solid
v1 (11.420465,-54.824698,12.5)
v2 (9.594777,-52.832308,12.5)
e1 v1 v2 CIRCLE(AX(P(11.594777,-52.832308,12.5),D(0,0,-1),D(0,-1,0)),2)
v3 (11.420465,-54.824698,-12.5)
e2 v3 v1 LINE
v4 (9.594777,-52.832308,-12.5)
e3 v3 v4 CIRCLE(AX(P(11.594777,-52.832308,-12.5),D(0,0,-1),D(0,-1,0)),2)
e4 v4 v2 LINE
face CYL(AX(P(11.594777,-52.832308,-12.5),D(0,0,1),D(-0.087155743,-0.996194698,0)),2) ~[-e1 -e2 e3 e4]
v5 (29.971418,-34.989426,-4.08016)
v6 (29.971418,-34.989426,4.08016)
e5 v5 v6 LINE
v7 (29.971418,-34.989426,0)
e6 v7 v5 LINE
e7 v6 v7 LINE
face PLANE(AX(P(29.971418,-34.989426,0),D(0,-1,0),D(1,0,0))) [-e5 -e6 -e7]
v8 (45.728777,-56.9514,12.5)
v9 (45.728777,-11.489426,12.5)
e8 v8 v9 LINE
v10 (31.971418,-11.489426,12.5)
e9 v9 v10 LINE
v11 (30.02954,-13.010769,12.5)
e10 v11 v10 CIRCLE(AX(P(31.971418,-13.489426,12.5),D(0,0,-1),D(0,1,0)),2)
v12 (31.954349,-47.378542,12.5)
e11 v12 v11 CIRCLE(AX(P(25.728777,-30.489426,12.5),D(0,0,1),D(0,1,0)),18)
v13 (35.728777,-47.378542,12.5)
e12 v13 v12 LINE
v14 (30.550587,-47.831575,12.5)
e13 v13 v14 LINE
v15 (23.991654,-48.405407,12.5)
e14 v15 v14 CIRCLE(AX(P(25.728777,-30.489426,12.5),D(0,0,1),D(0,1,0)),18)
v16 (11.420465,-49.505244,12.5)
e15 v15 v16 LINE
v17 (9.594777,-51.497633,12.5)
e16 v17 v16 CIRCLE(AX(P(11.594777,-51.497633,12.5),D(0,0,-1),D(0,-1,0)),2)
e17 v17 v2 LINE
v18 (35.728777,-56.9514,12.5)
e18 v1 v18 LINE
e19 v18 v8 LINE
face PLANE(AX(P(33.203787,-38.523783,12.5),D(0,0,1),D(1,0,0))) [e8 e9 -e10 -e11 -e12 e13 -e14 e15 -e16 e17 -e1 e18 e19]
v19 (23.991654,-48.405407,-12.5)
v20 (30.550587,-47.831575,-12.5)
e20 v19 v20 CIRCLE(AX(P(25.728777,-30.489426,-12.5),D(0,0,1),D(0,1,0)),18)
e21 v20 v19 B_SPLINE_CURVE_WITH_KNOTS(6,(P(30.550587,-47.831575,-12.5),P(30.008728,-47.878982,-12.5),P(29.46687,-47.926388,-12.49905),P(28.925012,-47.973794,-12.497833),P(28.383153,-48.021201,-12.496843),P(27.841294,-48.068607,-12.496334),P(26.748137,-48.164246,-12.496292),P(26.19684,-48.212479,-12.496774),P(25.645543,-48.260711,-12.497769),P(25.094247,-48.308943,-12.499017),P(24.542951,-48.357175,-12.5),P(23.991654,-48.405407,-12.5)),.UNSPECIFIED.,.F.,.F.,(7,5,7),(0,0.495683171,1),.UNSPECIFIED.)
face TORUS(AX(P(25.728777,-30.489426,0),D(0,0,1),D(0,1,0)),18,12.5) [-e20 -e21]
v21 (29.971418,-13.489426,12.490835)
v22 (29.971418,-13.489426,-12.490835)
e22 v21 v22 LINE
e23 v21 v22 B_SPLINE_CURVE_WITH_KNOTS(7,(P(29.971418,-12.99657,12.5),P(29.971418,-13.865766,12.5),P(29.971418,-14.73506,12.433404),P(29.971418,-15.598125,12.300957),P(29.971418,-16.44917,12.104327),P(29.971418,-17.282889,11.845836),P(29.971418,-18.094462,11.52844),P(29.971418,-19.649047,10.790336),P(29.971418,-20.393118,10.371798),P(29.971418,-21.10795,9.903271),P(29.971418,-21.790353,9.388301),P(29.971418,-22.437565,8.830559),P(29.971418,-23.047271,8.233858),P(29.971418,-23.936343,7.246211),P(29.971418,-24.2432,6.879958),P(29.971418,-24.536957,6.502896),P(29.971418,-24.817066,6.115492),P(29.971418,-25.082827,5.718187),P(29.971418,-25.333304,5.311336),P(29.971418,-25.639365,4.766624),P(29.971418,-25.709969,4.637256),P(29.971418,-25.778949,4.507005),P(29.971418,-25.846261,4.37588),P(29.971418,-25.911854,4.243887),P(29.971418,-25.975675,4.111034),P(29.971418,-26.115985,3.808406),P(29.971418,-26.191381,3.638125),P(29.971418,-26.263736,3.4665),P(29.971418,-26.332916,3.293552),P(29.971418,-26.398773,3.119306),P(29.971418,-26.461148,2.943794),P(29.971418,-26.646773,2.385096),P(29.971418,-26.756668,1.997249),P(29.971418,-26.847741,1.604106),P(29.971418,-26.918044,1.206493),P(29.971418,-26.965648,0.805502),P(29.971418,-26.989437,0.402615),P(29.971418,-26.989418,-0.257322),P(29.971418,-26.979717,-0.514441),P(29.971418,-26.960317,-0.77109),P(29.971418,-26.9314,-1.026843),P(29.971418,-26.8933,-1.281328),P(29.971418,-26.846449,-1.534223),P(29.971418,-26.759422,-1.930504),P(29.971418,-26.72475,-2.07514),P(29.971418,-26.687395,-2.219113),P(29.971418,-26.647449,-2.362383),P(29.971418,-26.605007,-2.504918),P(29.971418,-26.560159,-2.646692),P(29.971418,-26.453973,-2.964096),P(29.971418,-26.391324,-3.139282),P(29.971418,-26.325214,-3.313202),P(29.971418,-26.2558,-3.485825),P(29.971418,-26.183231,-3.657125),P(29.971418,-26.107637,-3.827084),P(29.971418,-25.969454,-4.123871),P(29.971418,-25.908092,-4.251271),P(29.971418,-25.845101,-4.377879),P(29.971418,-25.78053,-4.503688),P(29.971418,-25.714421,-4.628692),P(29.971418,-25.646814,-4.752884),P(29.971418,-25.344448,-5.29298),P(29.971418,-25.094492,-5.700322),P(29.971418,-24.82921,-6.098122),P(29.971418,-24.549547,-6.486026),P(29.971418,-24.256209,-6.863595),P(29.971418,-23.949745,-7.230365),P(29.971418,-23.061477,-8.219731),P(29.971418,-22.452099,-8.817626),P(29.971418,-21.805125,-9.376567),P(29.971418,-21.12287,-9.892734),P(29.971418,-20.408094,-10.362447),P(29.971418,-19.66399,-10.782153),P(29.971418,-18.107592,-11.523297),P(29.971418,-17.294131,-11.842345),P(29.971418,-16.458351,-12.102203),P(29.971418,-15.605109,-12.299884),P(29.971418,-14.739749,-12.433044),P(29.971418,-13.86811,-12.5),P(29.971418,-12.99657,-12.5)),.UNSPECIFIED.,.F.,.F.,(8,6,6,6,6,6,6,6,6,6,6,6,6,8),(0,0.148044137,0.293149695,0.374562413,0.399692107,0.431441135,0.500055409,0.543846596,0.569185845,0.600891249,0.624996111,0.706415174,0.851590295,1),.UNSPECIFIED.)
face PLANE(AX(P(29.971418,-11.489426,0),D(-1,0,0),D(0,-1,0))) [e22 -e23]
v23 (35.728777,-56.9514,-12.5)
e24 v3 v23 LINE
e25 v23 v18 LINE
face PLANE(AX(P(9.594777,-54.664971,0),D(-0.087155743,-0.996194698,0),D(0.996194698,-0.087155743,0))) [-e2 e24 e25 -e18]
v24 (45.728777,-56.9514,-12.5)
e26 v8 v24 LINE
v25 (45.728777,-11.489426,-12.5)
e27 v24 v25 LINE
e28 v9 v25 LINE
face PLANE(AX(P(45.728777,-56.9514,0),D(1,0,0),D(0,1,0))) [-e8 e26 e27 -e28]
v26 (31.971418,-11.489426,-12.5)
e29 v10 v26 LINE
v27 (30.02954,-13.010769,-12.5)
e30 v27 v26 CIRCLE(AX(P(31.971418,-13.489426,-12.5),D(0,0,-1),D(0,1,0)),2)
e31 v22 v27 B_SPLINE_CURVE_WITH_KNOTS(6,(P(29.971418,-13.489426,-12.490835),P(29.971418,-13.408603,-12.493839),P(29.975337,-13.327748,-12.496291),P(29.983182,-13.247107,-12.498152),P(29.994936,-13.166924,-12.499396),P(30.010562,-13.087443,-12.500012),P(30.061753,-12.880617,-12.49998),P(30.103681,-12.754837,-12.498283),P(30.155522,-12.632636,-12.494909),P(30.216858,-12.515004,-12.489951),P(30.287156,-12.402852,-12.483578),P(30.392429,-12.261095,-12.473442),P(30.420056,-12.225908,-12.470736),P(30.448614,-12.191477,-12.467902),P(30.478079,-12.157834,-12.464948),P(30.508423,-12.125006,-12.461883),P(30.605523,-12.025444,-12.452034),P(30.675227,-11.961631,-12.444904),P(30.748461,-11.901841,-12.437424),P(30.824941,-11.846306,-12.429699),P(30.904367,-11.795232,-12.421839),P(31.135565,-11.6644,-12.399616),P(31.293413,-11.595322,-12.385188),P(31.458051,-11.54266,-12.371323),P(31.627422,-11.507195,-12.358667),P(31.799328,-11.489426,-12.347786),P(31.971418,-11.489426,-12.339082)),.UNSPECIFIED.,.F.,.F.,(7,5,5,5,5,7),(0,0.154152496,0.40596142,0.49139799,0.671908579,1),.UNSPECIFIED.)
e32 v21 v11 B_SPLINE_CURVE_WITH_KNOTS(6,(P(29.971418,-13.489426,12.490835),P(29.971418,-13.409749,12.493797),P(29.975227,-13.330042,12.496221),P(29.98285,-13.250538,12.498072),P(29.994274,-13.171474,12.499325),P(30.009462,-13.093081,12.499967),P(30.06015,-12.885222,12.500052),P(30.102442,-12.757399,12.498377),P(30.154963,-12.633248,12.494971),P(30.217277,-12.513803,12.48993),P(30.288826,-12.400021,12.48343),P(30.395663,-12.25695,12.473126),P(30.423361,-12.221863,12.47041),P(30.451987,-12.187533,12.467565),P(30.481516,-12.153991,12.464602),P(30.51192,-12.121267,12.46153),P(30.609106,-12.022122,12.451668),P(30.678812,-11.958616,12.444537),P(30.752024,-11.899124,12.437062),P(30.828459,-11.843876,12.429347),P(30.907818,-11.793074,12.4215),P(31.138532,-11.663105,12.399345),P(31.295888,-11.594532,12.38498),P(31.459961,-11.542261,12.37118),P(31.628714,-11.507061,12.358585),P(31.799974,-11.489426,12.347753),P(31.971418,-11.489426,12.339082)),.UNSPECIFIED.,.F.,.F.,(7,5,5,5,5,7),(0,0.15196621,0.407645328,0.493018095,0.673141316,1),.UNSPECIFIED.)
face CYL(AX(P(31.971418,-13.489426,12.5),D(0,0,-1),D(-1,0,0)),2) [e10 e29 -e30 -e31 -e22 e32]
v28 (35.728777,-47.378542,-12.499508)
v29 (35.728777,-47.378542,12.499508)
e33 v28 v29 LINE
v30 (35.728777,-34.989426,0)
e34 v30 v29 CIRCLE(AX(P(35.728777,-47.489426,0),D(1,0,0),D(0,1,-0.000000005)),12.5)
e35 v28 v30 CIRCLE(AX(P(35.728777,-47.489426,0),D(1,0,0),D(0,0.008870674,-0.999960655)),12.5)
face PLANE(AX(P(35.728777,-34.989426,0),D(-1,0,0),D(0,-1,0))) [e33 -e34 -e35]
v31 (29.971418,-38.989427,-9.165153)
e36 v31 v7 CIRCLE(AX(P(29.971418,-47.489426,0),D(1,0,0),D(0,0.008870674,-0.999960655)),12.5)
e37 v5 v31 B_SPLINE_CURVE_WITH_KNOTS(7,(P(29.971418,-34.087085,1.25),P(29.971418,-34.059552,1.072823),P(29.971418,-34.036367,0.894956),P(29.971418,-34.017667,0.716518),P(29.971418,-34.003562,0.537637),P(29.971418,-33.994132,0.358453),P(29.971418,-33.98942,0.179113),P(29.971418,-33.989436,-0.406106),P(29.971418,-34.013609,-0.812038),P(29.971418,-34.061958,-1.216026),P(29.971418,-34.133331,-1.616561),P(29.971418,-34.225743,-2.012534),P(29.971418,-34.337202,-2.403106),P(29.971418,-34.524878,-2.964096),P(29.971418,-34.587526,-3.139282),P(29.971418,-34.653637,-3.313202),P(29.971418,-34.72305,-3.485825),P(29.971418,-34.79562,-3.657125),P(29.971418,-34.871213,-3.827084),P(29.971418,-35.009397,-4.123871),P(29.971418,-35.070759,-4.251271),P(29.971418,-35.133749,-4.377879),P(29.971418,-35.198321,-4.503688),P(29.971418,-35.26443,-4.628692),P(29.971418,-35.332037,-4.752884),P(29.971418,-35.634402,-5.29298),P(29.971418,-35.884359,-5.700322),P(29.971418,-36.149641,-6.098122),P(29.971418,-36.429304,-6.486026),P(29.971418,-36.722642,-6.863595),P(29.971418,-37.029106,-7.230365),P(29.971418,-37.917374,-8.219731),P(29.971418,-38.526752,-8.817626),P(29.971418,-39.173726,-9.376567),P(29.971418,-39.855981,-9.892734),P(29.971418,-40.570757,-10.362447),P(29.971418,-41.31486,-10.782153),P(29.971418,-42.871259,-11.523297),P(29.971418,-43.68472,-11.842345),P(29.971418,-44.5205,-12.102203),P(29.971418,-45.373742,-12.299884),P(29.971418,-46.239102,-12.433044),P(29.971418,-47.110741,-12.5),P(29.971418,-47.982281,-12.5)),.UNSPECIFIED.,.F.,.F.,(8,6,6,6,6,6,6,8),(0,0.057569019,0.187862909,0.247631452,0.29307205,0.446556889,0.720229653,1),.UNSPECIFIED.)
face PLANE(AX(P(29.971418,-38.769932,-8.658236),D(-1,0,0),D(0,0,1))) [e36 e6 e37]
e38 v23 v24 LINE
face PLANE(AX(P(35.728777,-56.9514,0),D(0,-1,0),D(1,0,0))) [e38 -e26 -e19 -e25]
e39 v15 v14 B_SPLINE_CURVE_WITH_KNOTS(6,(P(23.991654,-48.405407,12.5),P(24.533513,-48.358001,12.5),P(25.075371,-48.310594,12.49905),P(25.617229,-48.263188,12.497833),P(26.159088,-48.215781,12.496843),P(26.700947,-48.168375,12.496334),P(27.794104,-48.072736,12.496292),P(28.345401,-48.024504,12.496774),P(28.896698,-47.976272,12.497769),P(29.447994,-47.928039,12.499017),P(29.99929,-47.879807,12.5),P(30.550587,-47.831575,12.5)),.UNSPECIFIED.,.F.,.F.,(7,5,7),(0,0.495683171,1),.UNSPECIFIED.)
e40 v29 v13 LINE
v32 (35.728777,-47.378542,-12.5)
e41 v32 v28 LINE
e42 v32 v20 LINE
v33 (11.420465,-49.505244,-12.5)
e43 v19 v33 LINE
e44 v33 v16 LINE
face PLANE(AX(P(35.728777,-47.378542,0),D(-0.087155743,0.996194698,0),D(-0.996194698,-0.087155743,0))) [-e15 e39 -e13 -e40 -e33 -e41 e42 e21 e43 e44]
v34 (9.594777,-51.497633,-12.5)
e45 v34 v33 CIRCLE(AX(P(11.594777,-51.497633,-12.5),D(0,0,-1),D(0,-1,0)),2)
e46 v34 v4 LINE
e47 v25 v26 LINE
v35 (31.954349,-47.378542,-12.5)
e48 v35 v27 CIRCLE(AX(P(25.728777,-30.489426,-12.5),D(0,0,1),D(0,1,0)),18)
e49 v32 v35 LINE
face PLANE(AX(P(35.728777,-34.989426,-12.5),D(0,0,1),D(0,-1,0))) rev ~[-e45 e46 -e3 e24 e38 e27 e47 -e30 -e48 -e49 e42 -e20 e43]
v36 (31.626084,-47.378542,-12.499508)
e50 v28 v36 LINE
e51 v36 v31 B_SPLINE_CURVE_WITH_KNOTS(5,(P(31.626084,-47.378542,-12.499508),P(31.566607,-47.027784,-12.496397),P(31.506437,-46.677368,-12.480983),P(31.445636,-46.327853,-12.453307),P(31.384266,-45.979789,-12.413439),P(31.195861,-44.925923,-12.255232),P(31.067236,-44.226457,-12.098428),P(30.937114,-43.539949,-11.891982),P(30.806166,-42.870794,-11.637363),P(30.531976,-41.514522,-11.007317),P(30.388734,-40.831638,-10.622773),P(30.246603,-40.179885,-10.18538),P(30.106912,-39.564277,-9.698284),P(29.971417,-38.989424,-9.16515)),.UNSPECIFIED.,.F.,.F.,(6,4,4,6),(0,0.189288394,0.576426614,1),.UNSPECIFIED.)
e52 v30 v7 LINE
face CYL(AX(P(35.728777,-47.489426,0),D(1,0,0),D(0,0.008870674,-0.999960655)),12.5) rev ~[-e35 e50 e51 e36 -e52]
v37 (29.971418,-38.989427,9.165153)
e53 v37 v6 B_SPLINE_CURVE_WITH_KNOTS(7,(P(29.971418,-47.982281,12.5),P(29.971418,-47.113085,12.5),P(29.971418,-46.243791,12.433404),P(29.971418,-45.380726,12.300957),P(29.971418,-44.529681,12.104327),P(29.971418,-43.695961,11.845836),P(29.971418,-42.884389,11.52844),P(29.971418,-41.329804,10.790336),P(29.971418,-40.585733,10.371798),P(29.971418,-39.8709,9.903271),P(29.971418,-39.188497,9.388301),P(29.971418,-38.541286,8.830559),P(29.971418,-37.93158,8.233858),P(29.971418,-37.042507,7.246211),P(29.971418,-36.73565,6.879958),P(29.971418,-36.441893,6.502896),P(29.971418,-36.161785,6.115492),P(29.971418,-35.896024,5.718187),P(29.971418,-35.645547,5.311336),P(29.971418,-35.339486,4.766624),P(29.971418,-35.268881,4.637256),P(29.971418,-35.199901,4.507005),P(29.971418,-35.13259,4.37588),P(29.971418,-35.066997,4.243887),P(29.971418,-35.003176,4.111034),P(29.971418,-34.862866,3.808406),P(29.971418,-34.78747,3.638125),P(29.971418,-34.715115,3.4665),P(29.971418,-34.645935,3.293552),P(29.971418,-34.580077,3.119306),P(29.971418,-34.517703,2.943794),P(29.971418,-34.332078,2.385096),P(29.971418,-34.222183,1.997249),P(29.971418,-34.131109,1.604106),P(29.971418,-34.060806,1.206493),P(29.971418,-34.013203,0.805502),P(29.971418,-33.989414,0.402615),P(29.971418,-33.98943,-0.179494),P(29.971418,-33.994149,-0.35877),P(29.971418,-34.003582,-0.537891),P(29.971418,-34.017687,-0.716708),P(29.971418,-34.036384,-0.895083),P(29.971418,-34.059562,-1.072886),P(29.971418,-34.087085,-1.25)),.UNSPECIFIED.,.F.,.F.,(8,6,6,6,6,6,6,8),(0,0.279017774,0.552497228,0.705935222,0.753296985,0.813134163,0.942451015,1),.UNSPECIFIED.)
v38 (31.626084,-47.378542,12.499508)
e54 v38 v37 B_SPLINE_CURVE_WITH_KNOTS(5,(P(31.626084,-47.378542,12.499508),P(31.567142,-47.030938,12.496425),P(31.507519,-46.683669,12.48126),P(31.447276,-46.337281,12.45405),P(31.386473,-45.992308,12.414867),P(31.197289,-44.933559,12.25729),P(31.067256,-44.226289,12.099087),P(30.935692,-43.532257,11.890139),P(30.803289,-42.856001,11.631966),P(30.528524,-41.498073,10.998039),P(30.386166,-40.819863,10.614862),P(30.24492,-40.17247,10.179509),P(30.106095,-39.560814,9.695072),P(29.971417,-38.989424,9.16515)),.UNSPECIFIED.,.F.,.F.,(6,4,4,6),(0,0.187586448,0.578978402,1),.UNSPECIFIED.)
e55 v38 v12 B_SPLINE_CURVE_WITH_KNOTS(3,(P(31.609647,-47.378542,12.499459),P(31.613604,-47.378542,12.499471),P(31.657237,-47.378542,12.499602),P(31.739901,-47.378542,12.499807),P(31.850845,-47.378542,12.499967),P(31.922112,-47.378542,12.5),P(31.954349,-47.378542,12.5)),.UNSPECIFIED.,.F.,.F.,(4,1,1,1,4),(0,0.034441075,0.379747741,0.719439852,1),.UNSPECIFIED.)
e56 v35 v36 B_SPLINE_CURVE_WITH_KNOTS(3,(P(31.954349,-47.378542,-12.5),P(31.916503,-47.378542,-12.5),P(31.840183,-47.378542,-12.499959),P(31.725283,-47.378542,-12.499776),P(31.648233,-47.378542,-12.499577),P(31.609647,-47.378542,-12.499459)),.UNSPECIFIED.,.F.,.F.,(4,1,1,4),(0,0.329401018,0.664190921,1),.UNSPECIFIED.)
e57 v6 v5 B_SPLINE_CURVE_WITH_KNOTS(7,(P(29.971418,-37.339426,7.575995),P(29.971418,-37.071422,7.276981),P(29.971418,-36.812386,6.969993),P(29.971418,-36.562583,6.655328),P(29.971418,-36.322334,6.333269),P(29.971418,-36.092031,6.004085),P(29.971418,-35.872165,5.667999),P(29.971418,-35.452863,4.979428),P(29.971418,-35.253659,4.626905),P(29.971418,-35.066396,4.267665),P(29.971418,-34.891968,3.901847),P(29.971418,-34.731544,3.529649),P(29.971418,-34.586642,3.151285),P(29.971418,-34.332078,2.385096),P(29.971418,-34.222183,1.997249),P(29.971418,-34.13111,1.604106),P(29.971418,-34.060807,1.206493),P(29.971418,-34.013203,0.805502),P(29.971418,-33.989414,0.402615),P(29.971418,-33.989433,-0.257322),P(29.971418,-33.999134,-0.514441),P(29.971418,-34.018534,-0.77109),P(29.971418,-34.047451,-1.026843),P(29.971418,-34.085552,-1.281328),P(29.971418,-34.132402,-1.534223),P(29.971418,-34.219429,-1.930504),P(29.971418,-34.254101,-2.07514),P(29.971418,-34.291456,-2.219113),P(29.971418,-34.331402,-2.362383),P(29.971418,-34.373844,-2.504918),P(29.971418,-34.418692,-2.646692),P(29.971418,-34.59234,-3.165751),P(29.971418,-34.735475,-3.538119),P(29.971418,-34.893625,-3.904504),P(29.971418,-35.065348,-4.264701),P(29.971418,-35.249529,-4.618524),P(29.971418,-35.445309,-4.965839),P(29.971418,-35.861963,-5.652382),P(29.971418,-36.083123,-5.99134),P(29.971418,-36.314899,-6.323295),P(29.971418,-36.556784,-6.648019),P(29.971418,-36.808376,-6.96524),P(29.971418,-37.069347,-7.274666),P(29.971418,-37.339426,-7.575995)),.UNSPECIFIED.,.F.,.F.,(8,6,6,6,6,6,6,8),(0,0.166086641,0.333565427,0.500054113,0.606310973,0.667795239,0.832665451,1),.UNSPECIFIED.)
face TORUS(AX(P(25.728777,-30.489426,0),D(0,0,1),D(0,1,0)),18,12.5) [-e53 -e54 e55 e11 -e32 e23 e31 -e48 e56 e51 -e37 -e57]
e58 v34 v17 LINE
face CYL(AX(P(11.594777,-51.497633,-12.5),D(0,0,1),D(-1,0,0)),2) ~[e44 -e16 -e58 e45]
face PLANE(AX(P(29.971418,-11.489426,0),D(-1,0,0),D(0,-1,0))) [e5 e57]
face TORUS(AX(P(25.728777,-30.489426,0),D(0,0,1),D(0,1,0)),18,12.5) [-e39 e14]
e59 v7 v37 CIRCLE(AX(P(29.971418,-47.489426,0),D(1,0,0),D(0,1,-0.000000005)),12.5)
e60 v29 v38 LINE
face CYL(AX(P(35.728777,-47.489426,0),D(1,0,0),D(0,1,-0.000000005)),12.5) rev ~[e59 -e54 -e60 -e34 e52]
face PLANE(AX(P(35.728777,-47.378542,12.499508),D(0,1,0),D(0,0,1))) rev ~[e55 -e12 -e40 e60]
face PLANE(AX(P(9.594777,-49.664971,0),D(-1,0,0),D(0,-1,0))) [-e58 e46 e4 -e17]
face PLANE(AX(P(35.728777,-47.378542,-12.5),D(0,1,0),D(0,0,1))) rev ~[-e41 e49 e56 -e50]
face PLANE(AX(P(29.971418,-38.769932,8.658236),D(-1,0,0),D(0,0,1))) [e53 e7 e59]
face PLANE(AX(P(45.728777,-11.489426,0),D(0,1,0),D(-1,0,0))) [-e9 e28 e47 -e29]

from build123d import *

# Parameters (mm, degrees)
BOSS_EXTRUDE1_DEPTH = 12.5
BOSS_EXTRUDE2_DEPTH = 5.757359
FILLET2_R           = 2


with BuildPart() as part:
    # Sketch2 → Boss-Extrude1 (new, symmetric)
    with BuildSketch(Plane.XY):
        Polygon((29.971417786, -11.489425512), (29.971417786, -34.989425512), (35.728777099, -34.989425512), (35.728777099, -47.37854209), (9.594776891, -49.66497084), (9.594776891, -54.66497084), (35.728777099, -56.951399591), (45.728777099, -56.951399591), (45.728777099, -11.489425512), align=None)
    extrude(amount=BOSS_EXTRUDE1_DEPTH, both=True)

    # Sketch4 → Boss-Extrude2 (add)
    with BuildSketch(Plane.ZY.offset(-35.728777099)):
        with BuildLine():
            Line((-12.5, -34.989425512), (-12.5, -47.37854209))
            Line((-12.5, -47.37854209), (-12.499508185, -47.37854209))
            ThreePointArc((-12.499508185, -47.37854209), (-8.79954425, -38.611474116), (-6.3e-08, -34.989425512))
            Line((-6.3e-08, -34.989425512), (-12.5, -34.989425512))
        make_face()
        with BuildLine():
            Line((12.5, -34.989425512), (-6.3e-08, -34.989425512))
            ThreePointArc((-6.3e-08, -34.989425512), (8.799544205, -38.611474071), (12.499508185, -47.37854209))
            Line((12.499508185, -47.37854209), (12.5, -47.37854209))
            Line((12.5, -47.37854209), (12.5, -34.989425512))
        make_face()
    extrude(amount=BOSS_EXTRUDE2_DEPTH)

    # Sketch3 → Cut-Revolve1 (revolve, cut)
    with BuildSketch(Plane.ZY.offset(-25.728777099)):
        with BuildLine():
            Line((-12.5, -30.489425512), (12.5, -30.489425512))
            Line((12.5, -30.489425512), (12.5, -12.489425512))
            ThreePointArc((12.5, -12.489425512), (0, -24.989425512), (-12.5, -12.489425512))
            Line((-12.5, -12.489425512), (-12.5, -30.489425512))
        make_face()
    revolve(axis=Axis((25.728777099, -30.489425512, -12.5), (0, 0, 1)), mode=Mode.SUBTRACT)

    # Fillet2
    fillet2_edges = [part.edges().sort_by_distance(p)[0] for p in [
        (29.971417786, -11.489425512, 0),
        (9.594776891, -49.66497084, 0),
        (9.594776891, -54.66497084, 0),
    ]]
    fillet(fillet2_edges, radius=FILLET2_R)


solid = part.part
